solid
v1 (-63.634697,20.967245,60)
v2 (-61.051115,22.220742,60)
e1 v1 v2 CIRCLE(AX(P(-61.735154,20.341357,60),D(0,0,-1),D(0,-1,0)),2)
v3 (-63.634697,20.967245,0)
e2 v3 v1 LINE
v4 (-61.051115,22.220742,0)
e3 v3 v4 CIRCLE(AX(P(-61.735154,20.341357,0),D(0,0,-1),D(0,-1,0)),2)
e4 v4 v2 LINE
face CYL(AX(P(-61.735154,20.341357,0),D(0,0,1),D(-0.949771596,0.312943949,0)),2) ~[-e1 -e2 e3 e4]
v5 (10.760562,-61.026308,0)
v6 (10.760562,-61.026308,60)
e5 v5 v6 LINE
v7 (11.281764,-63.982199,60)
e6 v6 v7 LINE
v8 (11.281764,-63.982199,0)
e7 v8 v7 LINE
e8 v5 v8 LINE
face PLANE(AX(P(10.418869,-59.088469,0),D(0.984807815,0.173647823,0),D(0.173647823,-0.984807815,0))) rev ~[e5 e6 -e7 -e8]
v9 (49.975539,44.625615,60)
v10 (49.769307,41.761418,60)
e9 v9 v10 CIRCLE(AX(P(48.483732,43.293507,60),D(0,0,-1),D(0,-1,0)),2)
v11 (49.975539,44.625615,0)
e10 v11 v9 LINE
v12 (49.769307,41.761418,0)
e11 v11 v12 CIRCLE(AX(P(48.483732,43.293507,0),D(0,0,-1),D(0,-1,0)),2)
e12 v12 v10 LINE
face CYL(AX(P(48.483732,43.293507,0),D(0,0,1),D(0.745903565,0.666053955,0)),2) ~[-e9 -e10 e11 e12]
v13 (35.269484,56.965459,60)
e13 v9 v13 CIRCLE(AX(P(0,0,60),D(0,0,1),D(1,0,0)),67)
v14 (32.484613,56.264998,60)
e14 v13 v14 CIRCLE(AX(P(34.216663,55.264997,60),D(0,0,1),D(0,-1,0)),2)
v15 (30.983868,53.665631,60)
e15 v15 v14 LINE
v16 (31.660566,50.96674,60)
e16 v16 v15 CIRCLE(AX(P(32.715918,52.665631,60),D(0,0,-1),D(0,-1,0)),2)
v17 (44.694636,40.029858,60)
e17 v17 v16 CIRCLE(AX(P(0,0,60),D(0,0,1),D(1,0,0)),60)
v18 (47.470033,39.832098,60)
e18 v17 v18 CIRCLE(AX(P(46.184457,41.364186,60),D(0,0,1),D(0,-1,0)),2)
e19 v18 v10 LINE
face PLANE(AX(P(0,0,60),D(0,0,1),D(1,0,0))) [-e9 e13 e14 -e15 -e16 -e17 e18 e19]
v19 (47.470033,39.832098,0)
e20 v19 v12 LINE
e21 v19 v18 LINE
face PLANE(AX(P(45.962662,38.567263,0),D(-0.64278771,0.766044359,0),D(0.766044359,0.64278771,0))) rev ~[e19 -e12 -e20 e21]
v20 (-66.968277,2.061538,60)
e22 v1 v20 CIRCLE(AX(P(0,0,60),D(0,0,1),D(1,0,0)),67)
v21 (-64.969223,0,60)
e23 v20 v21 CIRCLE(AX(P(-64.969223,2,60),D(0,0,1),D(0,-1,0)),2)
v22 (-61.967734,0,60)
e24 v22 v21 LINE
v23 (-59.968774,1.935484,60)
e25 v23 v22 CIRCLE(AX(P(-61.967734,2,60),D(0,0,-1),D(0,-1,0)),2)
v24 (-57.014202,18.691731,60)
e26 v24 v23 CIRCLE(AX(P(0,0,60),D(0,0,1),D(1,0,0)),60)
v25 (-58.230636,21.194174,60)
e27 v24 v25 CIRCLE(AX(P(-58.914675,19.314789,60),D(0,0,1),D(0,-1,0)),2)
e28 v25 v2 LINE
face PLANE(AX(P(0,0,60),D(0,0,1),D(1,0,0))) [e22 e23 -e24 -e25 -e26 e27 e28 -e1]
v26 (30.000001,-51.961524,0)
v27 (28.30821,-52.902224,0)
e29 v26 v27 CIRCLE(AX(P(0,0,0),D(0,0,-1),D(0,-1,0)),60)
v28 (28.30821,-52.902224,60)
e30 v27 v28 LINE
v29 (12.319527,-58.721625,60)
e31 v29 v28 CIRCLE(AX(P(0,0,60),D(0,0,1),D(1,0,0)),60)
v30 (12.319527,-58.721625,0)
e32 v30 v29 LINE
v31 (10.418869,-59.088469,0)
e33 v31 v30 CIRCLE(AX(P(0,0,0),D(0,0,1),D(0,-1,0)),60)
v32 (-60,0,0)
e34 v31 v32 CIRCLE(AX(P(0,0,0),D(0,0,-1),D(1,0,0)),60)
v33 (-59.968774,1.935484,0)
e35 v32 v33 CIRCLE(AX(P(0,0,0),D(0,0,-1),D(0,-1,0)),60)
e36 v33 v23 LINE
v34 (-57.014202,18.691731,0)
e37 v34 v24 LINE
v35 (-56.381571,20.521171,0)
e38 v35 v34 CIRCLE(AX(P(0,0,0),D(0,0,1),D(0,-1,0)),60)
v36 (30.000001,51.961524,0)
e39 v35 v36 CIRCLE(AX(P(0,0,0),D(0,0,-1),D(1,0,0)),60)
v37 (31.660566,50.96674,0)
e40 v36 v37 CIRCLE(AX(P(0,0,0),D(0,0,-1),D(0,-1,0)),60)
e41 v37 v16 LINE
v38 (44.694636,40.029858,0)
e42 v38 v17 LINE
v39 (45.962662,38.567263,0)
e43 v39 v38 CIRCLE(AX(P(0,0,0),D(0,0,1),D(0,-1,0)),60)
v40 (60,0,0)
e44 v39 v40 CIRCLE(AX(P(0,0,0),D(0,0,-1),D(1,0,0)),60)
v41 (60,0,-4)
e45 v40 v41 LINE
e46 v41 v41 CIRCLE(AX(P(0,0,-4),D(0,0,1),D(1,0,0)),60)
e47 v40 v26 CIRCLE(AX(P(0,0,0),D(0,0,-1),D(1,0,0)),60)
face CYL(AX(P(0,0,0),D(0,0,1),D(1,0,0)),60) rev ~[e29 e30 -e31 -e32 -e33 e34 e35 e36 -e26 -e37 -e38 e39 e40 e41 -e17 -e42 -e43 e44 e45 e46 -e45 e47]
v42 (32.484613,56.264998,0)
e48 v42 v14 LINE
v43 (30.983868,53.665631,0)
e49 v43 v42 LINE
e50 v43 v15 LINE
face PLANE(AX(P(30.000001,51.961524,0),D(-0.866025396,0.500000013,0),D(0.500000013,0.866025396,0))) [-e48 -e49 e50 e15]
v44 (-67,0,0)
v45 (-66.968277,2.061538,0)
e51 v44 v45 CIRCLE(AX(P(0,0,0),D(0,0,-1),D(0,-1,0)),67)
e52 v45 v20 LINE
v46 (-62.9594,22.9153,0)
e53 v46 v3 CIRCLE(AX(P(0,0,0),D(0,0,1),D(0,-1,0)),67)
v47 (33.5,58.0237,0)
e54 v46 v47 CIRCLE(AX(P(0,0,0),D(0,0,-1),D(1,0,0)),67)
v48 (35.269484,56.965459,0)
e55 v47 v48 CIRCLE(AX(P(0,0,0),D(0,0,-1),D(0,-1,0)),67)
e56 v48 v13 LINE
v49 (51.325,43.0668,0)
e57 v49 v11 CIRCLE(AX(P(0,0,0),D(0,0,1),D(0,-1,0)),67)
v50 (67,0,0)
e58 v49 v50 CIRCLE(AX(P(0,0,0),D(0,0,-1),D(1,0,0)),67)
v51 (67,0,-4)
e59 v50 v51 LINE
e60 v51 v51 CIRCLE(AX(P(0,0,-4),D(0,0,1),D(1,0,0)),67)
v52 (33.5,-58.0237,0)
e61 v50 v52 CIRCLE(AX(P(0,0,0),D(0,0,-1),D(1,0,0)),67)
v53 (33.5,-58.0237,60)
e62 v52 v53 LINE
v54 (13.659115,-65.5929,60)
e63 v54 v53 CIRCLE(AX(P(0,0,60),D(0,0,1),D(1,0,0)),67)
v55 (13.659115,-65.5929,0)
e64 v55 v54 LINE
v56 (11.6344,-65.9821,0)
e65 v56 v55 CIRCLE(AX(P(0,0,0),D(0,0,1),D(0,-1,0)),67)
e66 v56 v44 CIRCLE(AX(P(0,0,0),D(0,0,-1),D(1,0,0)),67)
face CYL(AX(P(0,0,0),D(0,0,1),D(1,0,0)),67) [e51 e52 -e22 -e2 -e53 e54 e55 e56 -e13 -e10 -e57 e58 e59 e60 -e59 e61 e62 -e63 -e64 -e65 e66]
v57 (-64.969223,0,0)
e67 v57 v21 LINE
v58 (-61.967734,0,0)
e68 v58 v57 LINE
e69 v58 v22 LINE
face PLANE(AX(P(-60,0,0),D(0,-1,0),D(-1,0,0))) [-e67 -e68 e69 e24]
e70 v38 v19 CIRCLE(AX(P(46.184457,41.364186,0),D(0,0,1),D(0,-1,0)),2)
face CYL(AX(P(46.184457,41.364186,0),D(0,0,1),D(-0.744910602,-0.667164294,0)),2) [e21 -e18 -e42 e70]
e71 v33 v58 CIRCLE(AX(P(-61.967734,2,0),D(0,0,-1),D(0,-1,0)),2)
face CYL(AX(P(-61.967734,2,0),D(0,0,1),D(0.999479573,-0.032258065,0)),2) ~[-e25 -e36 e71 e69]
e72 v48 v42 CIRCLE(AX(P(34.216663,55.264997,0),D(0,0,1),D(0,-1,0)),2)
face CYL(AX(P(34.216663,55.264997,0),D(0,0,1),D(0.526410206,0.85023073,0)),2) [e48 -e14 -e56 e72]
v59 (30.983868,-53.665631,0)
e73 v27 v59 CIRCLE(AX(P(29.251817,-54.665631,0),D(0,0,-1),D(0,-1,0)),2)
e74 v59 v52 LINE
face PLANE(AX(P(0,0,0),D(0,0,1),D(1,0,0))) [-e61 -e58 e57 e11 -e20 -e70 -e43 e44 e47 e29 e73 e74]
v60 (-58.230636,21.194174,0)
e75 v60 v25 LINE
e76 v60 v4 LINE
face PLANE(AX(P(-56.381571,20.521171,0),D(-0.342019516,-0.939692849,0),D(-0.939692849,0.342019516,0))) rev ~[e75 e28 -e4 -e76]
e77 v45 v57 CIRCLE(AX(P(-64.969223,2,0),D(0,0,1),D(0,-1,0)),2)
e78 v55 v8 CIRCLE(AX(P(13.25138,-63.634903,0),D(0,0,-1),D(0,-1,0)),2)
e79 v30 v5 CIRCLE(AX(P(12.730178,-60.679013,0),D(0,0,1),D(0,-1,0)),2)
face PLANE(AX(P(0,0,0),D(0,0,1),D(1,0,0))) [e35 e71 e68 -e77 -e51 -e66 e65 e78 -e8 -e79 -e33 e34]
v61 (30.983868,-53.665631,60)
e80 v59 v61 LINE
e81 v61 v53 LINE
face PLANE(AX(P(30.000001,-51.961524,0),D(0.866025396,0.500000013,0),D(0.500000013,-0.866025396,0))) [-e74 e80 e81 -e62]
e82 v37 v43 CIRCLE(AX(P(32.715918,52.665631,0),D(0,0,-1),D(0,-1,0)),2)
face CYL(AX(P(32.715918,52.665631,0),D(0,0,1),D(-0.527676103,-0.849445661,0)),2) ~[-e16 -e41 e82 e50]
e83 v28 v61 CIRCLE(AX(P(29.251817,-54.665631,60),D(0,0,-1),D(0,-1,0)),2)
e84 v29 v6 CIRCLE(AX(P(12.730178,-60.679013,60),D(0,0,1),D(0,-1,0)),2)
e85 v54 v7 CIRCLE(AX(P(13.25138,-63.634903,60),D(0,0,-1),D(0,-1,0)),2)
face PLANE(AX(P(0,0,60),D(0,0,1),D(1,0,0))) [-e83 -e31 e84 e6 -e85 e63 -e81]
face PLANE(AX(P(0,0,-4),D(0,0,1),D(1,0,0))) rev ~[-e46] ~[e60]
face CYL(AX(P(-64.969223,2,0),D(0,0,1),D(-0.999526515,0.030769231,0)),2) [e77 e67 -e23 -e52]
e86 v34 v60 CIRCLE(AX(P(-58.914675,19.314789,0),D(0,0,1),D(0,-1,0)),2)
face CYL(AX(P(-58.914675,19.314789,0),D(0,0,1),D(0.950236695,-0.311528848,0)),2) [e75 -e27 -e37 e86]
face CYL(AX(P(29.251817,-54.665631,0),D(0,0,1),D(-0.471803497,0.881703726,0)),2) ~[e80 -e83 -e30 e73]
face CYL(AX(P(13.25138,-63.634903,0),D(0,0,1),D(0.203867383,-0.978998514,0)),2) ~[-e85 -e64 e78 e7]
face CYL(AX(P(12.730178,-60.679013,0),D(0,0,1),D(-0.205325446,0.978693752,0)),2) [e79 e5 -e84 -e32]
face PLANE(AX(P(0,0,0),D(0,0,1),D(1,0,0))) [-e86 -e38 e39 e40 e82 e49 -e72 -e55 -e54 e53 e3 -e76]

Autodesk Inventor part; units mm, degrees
ref_plane "YZ Plane" through (0, 0, 0) normal (1, 0, 0) x (0, 1, 0)
ref_plane "XZ Plane" through (0, 0, 0) normal (0, 1, 0) x (-1, 0, 0)
ref_plane "XY Plane" through (0, 0, 0) normal (0, 0, 1) x (1, 0, 0)
sketch "Sketch1" plane through (0, 0, 0) normal (0, 0, 1) x (1, 0, 0)
  circle A0 centre (0, 0) radius 67
  circle A1 centre (0, 0) radius 60
  line L0 (0, 0) -> (-67, 0)
  line L1 (0, 0) -> (-62.9594, 22.9153)
  line L2 (0, 0) -> (67, 0) construction
  line L3 (0, 0) -> (33.5, -58.0237)
  line L4 (0, 0) -> (11.6344, -65.9821)
  line L5 (0, 0) -> (33.5, 58.0237)
  line L6 (0, 0) -> (51.325, 43.0668)
  point P0 (10.4189, -59.0885)
  point P1 (30, -51.9615)
  point P2 (45.9627, 38.5673)
  point P3 (30, 51.9615)
  point P4 (-56.3816, 20.5212)
  point P5 (-60, 0)
  dimension "d0" = 134
  dimension "d1" = 120
  dimension "d2" = 160
  dimension "d5" = 360
extrude "Extrusion1" add sketch "Sketch1" against normal blind 4 contours A0 L3 A1 L6 | L6 A1 L5 A0 | A0 L4 A1 L3 | L5 A1 L1 A0 | A0 L0 A1 L4 | L1 A1 L0 A0
extrude "Extrusion2" add sketch "Sketch1" along normal blind 60 contours L6 A1 L5 A0 | A0 L4 A1 L3 | L1 A1 L0 A0
fillet "Fillet1" radius 2 11 edges at (-62.9594, 22.9153, 30) (-67, 0, 30) (-56.3816, 20.5212, 30) (-60, 0, 30) (33.5, 58.0237, 30) (51.325, 43.0668, 30) (45.9627, 38.5673, 30) (30, 51.9615, 30) (11.6344, -65.9821, 30) (10.4189, -59.0885, 30) (30, -51.9615, 30)
properties part number "Stand"
